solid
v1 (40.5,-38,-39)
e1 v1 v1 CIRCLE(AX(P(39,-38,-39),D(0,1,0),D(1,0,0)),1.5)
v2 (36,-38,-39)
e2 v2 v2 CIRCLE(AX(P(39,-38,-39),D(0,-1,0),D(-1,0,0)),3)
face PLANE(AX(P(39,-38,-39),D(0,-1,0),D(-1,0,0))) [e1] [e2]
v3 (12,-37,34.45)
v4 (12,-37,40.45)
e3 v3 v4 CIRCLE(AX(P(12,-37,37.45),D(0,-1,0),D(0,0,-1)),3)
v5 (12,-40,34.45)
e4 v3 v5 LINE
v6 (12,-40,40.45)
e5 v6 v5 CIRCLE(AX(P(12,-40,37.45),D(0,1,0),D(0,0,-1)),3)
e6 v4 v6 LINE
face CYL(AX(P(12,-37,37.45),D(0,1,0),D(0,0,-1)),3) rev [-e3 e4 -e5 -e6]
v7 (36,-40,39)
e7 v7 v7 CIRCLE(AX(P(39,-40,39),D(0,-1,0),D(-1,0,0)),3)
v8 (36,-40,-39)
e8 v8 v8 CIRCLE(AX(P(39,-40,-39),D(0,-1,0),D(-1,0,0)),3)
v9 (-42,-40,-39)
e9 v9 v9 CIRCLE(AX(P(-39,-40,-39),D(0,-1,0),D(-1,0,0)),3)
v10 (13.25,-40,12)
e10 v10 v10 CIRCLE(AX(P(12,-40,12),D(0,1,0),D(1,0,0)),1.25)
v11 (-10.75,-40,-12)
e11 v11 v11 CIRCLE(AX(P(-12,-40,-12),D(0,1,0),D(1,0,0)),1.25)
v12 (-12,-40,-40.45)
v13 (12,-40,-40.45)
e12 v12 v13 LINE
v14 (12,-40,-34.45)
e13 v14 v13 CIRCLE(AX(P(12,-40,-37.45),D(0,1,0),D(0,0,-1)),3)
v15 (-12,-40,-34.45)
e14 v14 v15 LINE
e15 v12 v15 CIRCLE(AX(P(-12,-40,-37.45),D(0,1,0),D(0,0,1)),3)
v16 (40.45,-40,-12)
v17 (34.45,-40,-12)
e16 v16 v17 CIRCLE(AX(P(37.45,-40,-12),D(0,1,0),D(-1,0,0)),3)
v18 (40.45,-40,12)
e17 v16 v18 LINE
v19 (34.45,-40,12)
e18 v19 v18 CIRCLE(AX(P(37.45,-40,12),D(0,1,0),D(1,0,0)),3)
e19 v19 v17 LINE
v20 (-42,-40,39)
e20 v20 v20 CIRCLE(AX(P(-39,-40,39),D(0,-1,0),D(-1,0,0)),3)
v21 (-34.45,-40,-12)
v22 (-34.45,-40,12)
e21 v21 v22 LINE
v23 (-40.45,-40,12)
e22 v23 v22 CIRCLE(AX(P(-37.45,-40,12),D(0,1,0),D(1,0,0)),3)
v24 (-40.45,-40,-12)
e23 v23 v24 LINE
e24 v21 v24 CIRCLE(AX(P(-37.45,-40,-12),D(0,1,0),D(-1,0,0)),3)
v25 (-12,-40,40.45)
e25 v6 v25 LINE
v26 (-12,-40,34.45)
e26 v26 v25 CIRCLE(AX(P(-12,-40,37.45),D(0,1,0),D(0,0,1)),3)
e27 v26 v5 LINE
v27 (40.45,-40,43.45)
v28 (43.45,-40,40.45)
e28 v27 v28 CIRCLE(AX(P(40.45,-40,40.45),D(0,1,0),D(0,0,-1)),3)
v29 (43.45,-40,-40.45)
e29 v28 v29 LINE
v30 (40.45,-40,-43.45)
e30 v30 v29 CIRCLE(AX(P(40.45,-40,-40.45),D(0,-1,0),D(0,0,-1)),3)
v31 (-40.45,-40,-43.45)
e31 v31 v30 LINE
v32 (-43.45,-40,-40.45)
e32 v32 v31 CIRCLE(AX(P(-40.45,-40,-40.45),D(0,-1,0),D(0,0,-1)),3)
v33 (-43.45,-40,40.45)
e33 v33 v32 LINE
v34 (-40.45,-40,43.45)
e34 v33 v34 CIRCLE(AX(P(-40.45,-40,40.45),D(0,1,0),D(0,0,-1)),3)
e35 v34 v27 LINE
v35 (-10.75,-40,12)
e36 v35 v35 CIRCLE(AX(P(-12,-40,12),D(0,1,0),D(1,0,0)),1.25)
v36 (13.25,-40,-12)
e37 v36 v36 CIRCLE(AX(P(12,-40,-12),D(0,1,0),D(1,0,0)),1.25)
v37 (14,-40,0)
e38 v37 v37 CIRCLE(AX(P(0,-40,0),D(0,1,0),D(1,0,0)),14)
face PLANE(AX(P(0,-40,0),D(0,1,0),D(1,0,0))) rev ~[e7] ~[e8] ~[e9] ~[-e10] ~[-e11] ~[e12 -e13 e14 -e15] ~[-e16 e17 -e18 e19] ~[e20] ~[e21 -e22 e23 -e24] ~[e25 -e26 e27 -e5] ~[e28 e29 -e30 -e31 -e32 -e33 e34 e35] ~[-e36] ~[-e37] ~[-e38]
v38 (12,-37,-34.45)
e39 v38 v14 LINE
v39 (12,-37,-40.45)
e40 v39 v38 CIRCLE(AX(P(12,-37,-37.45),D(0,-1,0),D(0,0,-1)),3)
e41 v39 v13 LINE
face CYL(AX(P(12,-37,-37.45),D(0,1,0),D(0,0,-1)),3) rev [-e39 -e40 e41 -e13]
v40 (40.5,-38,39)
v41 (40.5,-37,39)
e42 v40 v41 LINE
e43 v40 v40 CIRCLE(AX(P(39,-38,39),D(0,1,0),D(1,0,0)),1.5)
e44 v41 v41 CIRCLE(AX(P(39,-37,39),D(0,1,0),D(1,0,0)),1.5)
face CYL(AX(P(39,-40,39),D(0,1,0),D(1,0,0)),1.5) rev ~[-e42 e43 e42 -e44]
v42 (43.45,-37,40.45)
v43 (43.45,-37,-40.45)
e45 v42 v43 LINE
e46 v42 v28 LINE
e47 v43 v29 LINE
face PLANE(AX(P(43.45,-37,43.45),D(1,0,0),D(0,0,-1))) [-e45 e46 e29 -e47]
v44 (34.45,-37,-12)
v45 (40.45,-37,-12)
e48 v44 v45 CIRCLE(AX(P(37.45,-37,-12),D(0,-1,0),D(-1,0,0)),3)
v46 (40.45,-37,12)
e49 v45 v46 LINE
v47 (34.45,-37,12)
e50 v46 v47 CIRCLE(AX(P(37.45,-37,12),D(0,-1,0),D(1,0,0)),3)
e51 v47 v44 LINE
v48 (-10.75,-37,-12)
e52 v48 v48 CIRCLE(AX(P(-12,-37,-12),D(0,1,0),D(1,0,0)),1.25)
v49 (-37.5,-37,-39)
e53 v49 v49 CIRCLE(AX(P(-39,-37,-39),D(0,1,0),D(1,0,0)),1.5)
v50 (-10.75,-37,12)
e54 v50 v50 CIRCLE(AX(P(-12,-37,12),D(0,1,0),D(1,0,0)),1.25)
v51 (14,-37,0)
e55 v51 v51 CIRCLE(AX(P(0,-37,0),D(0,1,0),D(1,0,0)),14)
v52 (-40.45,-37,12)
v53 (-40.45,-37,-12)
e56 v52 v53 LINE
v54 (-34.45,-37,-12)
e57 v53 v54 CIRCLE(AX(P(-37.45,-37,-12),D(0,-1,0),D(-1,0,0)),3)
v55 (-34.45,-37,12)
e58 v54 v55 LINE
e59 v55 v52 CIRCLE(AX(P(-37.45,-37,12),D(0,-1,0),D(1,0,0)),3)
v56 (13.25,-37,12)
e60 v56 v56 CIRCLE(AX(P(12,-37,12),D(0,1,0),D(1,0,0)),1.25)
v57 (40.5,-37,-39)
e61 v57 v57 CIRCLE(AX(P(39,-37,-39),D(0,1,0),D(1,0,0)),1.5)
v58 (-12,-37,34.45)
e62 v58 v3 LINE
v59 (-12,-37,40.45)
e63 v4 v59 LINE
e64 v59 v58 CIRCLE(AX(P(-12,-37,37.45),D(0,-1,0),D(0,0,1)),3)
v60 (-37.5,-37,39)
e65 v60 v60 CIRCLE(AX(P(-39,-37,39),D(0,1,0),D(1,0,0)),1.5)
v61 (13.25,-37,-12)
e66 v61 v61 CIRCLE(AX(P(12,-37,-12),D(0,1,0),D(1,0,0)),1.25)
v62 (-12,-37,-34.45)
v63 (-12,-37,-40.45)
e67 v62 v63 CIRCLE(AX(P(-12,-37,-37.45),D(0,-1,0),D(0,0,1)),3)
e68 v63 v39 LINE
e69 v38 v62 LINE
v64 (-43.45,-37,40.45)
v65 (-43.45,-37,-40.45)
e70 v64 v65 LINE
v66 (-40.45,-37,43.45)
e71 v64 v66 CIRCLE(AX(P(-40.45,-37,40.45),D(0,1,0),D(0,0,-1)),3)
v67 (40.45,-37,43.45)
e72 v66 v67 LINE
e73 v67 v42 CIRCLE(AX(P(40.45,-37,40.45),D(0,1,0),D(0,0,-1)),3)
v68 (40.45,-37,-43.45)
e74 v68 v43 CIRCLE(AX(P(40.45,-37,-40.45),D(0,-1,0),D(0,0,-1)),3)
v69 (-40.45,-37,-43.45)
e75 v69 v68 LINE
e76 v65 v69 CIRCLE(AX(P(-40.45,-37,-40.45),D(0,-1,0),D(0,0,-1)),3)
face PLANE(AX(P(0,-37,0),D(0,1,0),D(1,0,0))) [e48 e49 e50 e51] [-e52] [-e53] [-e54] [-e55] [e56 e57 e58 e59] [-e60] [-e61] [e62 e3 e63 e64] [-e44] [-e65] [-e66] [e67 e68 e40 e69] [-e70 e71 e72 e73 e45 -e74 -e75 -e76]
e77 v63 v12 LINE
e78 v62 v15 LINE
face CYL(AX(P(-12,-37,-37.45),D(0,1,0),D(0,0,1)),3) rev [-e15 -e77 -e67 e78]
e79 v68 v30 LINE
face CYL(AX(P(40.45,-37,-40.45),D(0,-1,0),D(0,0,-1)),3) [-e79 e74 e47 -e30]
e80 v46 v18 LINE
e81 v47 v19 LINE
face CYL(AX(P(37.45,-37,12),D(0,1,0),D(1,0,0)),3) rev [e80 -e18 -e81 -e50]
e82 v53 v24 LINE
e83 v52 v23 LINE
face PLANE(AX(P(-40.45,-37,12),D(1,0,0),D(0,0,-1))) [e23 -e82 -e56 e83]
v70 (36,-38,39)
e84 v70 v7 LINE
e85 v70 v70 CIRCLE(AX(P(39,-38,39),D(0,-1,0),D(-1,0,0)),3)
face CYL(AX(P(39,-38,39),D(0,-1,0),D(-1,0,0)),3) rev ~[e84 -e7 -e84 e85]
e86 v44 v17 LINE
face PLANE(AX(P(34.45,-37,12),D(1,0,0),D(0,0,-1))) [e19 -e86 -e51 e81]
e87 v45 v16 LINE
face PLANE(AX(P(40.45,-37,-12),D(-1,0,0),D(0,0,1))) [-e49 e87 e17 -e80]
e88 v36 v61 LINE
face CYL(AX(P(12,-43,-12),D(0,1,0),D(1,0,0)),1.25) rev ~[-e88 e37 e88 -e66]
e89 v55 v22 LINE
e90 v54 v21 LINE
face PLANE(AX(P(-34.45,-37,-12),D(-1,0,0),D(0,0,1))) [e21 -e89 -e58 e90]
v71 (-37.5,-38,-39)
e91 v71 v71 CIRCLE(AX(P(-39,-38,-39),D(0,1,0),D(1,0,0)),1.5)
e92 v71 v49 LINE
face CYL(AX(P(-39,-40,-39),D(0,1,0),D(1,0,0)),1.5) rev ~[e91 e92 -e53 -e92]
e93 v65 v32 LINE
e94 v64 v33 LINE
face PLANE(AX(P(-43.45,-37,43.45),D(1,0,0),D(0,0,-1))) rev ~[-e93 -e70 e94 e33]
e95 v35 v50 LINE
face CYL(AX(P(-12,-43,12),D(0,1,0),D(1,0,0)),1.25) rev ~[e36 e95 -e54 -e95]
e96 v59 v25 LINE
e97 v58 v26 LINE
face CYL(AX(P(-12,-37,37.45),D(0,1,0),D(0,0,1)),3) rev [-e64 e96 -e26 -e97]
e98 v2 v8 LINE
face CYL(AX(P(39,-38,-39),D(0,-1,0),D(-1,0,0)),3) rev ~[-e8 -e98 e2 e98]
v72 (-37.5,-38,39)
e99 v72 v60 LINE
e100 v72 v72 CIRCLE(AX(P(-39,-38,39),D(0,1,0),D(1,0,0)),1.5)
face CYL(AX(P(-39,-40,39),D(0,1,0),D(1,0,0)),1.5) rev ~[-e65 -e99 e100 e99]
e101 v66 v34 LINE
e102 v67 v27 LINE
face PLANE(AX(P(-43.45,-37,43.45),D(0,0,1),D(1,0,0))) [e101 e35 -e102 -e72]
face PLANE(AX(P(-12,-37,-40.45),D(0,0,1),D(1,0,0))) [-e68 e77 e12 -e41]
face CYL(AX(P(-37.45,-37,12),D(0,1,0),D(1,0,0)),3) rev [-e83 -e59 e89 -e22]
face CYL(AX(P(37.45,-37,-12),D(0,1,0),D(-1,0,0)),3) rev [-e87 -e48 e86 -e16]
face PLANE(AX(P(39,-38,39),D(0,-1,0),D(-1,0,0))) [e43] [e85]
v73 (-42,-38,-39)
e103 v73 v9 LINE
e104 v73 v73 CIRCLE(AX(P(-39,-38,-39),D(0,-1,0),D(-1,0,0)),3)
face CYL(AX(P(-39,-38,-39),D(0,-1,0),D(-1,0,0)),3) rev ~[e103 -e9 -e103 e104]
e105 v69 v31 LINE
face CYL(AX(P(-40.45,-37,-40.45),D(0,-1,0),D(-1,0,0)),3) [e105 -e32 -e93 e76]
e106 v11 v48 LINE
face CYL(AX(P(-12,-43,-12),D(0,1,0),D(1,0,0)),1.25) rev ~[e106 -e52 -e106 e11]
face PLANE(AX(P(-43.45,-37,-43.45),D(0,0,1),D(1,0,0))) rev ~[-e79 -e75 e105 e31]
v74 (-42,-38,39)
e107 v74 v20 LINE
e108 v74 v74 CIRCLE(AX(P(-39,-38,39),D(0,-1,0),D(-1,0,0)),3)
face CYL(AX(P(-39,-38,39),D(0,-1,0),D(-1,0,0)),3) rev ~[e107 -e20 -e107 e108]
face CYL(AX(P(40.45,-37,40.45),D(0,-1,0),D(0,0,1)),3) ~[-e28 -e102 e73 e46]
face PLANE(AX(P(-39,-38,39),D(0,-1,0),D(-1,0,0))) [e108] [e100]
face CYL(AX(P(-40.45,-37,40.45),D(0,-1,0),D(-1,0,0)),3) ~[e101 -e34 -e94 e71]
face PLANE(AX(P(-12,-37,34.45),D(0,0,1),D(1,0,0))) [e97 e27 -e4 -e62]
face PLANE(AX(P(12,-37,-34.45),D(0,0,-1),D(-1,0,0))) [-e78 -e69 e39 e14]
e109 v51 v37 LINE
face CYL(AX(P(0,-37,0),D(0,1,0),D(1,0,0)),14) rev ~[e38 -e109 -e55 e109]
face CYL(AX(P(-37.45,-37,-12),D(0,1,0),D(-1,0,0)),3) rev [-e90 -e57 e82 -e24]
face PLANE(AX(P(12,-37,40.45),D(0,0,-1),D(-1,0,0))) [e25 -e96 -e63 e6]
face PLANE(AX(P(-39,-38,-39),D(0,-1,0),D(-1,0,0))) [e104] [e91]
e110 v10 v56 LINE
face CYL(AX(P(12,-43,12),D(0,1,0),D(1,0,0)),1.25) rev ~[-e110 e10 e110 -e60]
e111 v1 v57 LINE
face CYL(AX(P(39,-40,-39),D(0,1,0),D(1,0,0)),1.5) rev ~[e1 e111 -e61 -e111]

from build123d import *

# Parameters (mm, degrees)
SKETCH_1_W                     = 86.9
SKETCH_1_H                     = 86.9
EXTRUDE_1_DEPTH                = 3
HOLE_WIZARD_M2_5_1_D           = 3
HOLE_WIZARD_M2_5_1_DEPTH       = 3
HOLE_WIZARD_M2_5_1_CBORE_D     = 6
HOLE_WIZARD_M2_5_1_CBORE_DEPTH = 2
HOLE_WIZARD_2_0_2_1_D          = 2
HOLE_WIZARD_2_0_2_1_DEPTH      = 3
HOLE_WIZARD_2_5_2_5_1_D        = 2.5
HOLE_WIZARD_2_5_2_5_1_DEPTH    = 3
FILLET_1_R                     = 3
SKETCH_8_R                     = 14
CUT_EXTRUDE_1_DEPTH            = 4


with BuildPart() as part:
    # 草圖1 → 填料-伸長1 (new body)
    with BuildSketch(Plane(origin=(0, -37, 0), x_dir=(1, 0, 0), z_dir=(0, 1, 0))):
        Rectangle(SKETCH_1_W, SKETCH_1_H)
    extrude(amount=-EXTRUDE_1_DEPTH)

    # M2.5 六角頭機械螺釘的柱孔1
    with Locations(Plane(origin=(0, -40, 0), x_dir=(-1, 0, 0), z_dir=(0, -1, 0))):
        with Locations((39, 39), (-39, 39), (-39, -39), (39, -39)):
            CounterBoreHole(HOLE_WIZARD_M2_5_1_D / 2, HOLE_WIZARD_M2_5_1_CBORE_D / 2, HOLE_WIZARD_M2_5_1_CBORE_DEPTH, depth=HOLE_WIZARD_M2_5_1_DEPTH)

    # Ø2.0 (2) 直徑孔1
    with Locations(Plane(origin=(0, -37, 0), x_dir=(1, 0, 0), z_dir=(0, 1, 0))):
        with Locations((5, -10), (0, -10), (-5, -10), (-10, -5), (-10, 0), (-10, 5), (-5, 10), (0, 10), (5, 10), (10, 5), (10, 0), (10, -5), (5, -5), (0, -5), (-5, -5), (-5, 0), (-5, 5), (0, 5), (5, 5), (5, 0), (0, 0), (-37.5, 3), (-37.5, 0), (-37.5, -3), (3, 37.5), (0, 37.5), (-3, 37.5), (37.5, -3), (37.5, 0), (37.5, 3), (-3, -37.5), (0, -37.5), (3, -37.5)):
            Hole(HOLE_WIZARD_2_0_2_1_D / 2, depth=HOLE_WIZARD_2_0_2_1_DEPTH)

    # Ø2.5 (2.5) 直徑孔1
    with Locations(Plane(origin=(0, -40, 0), x_dir=(-1, 0, 0), z_dir=(0, -1, 0))):
        with Locations((12, 12), (-12, 12), (12, -12), (-12, -12)):
            Hole(HOLE_WIZARD_2_5_2_5_1_D / 2, depth=HOLE_WIZARD_2_5_2_5_1_DEPTH)

    # 圓角1
    fillet_1_edges = [part.edges().sort_by_distance(p)[0] for p in [
        (-43.45, -38.5, -43.45),
        (43.45, -38.5, -43.45),
        (43.45, -38.5, 43.45),
        (-43.45, -38.5, 43.45),
    ]]
    fillet(fillet_1_edges, radius=FILLET_1_R)

    # 草圖8 → 除料-伸長1 (cut, through all)
    with BuildSketch(Plane(origin=(0, -37, 0), x_dir=(1, 0, 0), z_dir=(0, 1, 0))):
        Circle(SKETCH_8_R)
        with BuildLine():
            Line((-40.45, -12), (-40.45, 12))
            ThreePointArc((-40.45, 12), (-37.45, 15), (-34.45, 12))
            Line((-34.45, 12), (-34.45, -12))
            ThreePointArc((-34.45, -12), (-37.45, -15), (-40.45, -12))
        make_face()
        with BuildLine():
            Line((-12, 40.45), (12, 40.45))
            ThreePointArc((12, 40.45), (15, 37.45), (12, 34.45))
            Line((12, 34.45), (-12, 34.45))
            ThreePointArc((-12, 34.45), (-15, 37.45), (-12, 40.45))
        make_face()
        with BuildLine():
            Line((40.45, 12), (40.45, -12))
            ThreePointArc((40.45, -12), (37.45, -15), (34.45, -12))
            Line((34.45, -12), (34.45, 12))
            ThreePointArc((34.45, 12), (37.45, 15), (40.45, 12))
        make_face()
        with BuildLine():
            Line((12, -40.45), (-12, -40.45))
            ThreePointArc((-12, -40.45), (-15, -37.45), (-12, -34.45))
            Line((-12, -34.45), (12, -34.45))
            ThreePointArc((12, -34.45), (15, -37.45), (12, -40.45))
        make_face()
    extrude(amount=-CUT_EXTRUDE_1_DEPTH, mode=Mode.SUBTRACT)


solid = part.part
